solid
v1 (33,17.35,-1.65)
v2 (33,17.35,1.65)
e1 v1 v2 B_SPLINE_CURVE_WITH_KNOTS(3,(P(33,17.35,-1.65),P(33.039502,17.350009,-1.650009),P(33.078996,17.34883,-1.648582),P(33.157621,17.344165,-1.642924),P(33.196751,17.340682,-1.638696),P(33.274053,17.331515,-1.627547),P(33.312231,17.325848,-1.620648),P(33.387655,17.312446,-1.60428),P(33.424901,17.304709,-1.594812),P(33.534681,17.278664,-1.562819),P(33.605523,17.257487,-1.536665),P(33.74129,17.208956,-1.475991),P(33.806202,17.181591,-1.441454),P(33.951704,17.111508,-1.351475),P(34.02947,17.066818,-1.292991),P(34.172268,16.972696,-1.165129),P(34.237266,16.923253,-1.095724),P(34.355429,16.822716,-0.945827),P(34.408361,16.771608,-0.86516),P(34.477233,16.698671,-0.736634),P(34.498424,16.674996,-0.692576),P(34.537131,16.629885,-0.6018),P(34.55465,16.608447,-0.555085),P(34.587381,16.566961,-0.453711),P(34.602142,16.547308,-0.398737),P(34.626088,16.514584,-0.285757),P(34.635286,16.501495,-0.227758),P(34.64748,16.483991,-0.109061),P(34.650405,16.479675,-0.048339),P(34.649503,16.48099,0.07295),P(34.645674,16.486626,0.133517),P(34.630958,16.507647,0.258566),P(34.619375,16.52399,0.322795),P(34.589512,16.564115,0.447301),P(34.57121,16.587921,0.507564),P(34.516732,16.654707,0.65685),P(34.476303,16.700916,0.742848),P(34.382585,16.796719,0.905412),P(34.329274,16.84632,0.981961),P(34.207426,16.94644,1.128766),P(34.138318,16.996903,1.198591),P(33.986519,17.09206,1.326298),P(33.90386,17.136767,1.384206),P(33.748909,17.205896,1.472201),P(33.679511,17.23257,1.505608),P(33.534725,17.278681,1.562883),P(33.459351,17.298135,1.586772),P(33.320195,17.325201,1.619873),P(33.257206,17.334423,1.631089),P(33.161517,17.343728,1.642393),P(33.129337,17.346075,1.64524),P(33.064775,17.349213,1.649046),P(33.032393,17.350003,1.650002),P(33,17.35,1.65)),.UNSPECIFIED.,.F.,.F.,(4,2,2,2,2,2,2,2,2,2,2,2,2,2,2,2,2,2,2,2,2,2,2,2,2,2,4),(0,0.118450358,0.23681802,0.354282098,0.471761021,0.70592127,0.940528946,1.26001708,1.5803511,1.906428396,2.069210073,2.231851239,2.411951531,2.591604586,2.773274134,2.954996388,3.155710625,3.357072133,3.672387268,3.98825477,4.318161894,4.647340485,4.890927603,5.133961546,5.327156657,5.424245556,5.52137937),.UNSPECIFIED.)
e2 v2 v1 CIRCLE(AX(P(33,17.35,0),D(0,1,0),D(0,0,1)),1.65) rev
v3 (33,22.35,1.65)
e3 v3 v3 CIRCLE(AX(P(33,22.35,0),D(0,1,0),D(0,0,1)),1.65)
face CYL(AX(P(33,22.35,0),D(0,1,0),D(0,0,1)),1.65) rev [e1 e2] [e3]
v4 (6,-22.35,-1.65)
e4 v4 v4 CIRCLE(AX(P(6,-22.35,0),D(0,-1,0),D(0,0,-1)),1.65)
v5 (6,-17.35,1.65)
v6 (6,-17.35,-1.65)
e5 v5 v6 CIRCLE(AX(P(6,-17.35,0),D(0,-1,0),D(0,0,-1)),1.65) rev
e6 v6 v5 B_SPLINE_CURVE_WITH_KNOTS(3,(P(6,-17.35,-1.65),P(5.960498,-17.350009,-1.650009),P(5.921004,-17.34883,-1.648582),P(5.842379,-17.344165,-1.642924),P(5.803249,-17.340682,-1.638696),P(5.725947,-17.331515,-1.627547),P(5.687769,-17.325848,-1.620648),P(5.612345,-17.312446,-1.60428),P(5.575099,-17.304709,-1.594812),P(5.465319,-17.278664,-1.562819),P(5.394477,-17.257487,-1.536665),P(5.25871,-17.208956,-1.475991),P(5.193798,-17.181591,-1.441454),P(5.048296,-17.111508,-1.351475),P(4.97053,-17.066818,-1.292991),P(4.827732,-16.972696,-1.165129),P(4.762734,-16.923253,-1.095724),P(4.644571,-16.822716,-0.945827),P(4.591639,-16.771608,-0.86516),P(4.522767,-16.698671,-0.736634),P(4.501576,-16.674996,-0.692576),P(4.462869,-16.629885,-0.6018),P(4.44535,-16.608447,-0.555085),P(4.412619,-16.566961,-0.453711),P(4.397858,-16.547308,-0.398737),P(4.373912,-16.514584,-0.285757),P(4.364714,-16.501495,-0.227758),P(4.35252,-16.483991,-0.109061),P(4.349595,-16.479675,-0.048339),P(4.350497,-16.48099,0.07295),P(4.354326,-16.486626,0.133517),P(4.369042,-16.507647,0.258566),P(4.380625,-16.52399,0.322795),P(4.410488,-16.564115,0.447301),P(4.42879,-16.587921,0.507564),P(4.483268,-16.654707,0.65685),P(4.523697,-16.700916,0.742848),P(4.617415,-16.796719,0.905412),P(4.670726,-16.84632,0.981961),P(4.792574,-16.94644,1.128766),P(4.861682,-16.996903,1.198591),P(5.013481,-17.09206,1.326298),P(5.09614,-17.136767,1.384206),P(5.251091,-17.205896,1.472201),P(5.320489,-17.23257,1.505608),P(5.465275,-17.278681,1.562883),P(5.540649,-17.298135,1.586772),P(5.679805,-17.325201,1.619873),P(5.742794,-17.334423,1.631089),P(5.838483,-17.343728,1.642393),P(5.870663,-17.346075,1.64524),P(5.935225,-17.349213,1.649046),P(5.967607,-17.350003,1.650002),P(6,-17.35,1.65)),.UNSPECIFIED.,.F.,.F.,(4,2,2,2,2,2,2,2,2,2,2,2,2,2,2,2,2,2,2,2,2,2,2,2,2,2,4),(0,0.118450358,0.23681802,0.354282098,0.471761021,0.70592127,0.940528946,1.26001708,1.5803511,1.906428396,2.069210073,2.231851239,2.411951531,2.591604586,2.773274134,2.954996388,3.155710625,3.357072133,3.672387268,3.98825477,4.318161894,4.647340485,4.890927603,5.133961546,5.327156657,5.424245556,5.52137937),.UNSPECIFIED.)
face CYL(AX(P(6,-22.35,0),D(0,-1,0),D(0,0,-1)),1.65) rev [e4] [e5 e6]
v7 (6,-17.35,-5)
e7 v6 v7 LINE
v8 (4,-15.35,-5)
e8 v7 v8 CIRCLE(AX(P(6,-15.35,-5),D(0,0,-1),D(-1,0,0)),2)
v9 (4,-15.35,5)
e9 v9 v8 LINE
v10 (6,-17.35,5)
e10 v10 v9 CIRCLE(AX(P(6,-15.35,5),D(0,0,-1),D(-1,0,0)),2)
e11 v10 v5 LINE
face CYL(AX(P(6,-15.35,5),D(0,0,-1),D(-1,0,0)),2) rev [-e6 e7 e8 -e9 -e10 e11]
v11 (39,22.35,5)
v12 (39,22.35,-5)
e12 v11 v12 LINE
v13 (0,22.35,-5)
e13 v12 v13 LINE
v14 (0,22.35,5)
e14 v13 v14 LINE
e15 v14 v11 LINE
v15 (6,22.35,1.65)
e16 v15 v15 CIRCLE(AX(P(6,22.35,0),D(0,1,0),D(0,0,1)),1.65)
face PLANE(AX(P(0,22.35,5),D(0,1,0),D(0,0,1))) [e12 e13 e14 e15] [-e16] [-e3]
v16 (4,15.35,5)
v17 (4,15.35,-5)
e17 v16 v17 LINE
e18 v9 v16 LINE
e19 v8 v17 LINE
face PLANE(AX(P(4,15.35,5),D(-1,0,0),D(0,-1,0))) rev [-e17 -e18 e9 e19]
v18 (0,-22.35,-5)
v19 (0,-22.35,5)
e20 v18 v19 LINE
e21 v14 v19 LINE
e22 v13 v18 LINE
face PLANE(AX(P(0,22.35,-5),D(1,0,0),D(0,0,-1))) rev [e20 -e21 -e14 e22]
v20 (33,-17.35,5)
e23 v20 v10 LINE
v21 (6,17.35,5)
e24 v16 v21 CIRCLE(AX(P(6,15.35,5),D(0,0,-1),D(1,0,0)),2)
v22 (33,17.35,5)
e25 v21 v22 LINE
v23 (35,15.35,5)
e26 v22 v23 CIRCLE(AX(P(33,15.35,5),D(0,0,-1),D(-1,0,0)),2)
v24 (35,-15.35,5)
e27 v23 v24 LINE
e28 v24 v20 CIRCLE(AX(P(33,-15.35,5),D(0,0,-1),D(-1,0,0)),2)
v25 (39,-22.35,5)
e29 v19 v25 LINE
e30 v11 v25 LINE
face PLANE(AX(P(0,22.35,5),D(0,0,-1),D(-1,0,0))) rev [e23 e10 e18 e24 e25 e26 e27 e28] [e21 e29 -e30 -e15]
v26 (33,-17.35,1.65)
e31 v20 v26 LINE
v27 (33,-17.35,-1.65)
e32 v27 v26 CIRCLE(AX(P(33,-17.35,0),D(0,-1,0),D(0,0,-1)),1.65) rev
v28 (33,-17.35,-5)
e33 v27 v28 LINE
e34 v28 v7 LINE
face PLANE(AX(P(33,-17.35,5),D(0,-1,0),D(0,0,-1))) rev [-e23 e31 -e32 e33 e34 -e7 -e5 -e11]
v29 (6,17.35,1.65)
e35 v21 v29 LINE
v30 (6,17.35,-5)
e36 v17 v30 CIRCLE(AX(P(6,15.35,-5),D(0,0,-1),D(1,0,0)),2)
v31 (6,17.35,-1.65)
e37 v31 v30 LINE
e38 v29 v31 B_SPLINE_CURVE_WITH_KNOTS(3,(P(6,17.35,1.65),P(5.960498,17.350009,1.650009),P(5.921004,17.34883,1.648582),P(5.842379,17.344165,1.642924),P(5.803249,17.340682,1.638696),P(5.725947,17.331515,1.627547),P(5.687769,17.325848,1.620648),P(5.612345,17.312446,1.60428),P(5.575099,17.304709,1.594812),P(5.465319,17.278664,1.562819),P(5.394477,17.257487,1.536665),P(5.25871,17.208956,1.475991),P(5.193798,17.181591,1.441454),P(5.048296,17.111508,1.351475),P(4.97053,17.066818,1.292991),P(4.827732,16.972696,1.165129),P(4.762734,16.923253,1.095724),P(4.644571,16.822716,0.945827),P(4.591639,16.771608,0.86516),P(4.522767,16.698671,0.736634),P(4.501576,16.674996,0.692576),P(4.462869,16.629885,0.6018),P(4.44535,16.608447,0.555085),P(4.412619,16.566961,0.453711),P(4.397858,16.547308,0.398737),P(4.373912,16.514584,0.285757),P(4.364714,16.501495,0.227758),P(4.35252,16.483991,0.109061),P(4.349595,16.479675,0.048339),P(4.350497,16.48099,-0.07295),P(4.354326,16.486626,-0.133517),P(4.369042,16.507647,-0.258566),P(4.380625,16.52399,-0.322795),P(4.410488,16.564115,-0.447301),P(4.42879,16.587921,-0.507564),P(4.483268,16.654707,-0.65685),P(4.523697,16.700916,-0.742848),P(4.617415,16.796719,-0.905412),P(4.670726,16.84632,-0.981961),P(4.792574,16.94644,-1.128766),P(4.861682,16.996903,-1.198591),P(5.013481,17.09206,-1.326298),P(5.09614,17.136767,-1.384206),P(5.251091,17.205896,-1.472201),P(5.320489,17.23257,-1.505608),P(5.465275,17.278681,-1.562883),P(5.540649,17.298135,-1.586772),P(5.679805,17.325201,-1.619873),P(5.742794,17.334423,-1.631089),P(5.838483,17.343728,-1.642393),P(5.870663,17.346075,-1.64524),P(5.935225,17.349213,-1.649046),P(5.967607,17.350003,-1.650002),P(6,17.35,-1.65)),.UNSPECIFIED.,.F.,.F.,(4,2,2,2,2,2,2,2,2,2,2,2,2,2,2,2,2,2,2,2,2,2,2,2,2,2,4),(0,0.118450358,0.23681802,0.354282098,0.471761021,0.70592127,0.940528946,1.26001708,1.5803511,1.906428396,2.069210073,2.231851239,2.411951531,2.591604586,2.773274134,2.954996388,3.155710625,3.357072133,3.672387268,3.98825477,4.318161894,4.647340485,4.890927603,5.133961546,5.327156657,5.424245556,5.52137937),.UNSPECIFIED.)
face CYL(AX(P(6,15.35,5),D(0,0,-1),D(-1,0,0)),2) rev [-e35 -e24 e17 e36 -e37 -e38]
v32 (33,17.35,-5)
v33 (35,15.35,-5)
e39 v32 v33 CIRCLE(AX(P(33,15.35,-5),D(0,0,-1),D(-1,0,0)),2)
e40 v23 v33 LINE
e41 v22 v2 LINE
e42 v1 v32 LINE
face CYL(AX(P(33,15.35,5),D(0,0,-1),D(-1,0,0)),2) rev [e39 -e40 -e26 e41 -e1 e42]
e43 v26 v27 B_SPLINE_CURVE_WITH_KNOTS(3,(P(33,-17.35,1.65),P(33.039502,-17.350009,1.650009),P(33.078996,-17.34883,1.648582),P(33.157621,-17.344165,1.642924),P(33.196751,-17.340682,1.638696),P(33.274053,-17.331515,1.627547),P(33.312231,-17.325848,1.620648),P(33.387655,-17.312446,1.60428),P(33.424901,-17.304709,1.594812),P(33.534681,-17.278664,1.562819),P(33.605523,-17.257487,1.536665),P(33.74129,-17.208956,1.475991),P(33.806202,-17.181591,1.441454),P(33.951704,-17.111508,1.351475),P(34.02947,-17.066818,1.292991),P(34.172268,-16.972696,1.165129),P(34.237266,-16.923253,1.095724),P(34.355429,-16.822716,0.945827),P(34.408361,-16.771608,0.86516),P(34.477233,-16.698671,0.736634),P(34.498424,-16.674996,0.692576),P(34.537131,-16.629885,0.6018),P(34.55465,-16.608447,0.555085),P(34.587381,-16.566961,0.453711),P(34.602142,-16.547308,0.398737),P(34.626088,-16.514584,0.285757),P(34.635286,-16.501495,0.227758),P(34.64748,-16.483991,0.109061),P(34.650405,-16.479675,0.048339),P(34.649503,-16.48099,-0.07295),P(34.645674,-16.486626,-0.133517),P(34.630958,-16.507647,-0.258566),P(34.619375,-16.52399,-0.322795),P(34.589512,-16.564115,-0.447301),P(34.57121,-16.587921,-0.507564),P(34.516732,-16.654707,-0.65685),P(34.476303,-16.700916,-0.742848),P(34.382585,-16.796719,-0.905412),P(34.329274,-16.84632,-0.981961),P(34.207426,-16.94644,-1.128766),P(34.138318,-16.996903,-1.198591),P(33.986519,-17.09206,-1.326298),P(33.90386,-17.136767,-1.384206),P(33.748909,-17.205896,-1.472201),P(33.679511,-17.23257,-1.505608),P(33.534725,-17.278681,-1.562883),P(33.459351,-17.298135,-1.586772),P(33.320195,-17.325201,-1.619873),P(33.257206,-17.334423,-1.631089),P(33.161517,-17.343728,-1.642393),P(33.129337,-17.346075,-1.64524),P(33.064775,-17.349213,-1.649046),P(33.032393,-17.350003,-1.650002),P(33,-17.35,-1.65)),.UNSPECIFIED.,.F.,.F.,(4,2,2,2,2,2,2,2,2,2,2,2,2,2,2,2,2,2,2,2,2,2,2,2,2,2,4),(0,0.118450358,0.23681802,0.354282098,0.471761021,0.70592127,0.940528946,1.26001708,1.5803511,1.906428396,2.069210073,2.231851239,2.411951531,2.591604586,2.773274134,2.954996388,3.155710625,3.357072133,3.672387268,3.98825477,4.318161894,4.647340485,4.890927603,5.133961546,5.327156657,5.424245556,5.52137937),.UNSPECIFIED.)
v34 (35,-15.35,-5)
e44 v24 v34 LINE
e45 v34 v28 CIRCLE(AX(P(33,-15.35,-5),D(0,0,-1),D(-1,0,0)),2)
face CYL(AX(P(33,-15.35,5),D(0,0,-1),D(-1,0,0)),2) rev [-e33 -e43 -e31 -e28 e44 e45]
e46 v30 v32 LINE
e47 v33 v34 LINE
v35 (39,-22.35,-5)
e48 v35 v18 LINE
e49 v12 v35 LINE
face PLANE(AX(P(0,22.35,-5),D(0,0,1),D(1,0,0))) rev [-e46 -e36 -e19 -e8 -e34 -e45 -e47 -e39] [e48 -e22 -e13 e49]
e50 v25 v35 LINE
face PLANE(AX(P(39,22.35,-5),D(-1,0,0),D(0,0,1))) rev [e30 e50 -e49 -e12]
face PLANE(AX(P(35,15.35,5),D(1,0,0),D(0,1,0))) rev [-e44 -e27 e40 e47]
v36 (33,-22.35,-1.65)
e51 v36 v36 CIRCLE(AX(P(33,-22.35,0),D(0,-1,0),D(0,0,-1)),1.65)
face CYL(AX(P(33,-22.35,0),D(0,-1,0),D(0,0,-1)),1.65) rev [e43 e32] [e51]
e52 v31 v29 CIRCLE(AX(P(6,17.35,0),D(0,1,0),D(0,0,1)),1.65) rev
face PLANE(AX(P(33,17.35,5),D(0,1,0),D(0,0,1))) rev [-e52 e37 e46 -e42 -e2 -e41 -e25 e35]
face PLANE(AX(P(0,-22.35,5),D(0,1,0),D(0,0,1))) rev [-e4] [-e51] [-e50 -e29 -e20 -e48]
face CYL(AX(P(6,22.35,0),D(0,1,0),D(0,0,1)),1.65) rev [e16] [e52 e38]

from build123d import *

# Parameters (mm, degrees)
ESQUISSE1_W               = 39
ESQUISSE1_H               = 10
EXTRUSION1_DEPTH          = 22.35
TROU_TARAUD_M4X0_71_D     = 3.3
TROU_TARAUD_M4X0_71_DEPTH = 10.1
TROU_TARAUD_M4X0_71_TIP   = 0.991420021
TROU_TARAUD_M4X0_72_D     = 3.3
TROU_TARAUD_M4X0_72_DEPTH = 10.1
TROU_TARAUD_M4X0_72_TIP   = 0.991420021
ENL_V_MAT_EXTRU_1_DEPTH   = 47.049131371


with BuildPart() as part:
    # Esquisse1 → Extrusion1 (new, symmetric)
    with BuildSketch(Plane(origin=(0, 0, 0), x_dir=(1, 0, 0), z_dir=(0, 1, 0))):
        with Locations((19.5, 0)):
            Rectangle(ESQUISSE1_W, ESQUISSE1_H)
    extrude(amount=EXTRUSION1_DEPTH, both=True)

    # Trou taraudé M4x0.71
    with Locations(Plane.XZ.offset(22.35)):
        with Locations((33, 0), (6, 0)):
            Hole(TROU_TARAUD_M4X0_71_D / 2, depth=TROU_TARAUD_M4X0_71_DEPTH)
            with Locations((0, 0, -(TROU_TARAUD_M4X0_71_DEPTH + TROU_TARAUD_M4X0_71_TIP / 2))):  # 118° drill point
                Cone(0, TROU_TARAUD_M4X0_71_D / 2, TROU_TARAUD_M4X0_71_TIP, mode=Mode.SUBTRACT)

    # Trou taraudé M4x0.72
    with Locations(Plane(origin=(0, 22.35, 0), x_dir=(-1, 0, 0), z_dir=(0, 1, 0))):
        with Locations((-6, 0), (-33, 0)):
            Hole(TROU_TARAUD_M4X0_72_D / 2, depth=TROU_TARAUD_M4X0_72_DEPTH)
            with Locations((0, 0, -(TROU_TARAUD_M4X0_72_DEPTH + TROU_TARAUD_M4X0_72_TIP / 2))):  # 118° drill point
                Cone(0, TROU_TARAUD_M4X0_72_D / 2, TROU_TARAUD_M4X0_72_TIP, mode=Mode.SUBTRACT)

    # Esquisse8 → Enlèv. mat.-Extru.1 (cut, through all)
    with BuildSketch(Plane(origin=(0, 0, -5), x_dir=(-1, 0, 0), z_dir=(0, 0, -1))):
        with BuildLine():
            Line((-33, 17.35), (-6, 17.35))
            ThreePointArc((-6, 17.35), (-4.585786438, 16.764213562), (-4, 15.35))
            Line((-4, 15.35), (-4, -15.35))
            ThreePointArc((-4, -15.35), (-4.585786438, -16.764213562), (-6, -17.35))
            Line((-6, -17.35), (-33, -17.35))
            ThreePointArc((-33, -17.35), (-34.414213562, -16.764213562), (-35, -15.35))
            Line((-35, -15.35), (-35, 15.35))
            ThreePointArc((-35, 15.35), (-34.414213562, 16.764213562), (-33, 17.35))
        make_face()
    extrude(amount=-ENL_V_MAT_EXTRU_1_DEPTH, mode=Mode.SUBTRACT)


solid = part.part
